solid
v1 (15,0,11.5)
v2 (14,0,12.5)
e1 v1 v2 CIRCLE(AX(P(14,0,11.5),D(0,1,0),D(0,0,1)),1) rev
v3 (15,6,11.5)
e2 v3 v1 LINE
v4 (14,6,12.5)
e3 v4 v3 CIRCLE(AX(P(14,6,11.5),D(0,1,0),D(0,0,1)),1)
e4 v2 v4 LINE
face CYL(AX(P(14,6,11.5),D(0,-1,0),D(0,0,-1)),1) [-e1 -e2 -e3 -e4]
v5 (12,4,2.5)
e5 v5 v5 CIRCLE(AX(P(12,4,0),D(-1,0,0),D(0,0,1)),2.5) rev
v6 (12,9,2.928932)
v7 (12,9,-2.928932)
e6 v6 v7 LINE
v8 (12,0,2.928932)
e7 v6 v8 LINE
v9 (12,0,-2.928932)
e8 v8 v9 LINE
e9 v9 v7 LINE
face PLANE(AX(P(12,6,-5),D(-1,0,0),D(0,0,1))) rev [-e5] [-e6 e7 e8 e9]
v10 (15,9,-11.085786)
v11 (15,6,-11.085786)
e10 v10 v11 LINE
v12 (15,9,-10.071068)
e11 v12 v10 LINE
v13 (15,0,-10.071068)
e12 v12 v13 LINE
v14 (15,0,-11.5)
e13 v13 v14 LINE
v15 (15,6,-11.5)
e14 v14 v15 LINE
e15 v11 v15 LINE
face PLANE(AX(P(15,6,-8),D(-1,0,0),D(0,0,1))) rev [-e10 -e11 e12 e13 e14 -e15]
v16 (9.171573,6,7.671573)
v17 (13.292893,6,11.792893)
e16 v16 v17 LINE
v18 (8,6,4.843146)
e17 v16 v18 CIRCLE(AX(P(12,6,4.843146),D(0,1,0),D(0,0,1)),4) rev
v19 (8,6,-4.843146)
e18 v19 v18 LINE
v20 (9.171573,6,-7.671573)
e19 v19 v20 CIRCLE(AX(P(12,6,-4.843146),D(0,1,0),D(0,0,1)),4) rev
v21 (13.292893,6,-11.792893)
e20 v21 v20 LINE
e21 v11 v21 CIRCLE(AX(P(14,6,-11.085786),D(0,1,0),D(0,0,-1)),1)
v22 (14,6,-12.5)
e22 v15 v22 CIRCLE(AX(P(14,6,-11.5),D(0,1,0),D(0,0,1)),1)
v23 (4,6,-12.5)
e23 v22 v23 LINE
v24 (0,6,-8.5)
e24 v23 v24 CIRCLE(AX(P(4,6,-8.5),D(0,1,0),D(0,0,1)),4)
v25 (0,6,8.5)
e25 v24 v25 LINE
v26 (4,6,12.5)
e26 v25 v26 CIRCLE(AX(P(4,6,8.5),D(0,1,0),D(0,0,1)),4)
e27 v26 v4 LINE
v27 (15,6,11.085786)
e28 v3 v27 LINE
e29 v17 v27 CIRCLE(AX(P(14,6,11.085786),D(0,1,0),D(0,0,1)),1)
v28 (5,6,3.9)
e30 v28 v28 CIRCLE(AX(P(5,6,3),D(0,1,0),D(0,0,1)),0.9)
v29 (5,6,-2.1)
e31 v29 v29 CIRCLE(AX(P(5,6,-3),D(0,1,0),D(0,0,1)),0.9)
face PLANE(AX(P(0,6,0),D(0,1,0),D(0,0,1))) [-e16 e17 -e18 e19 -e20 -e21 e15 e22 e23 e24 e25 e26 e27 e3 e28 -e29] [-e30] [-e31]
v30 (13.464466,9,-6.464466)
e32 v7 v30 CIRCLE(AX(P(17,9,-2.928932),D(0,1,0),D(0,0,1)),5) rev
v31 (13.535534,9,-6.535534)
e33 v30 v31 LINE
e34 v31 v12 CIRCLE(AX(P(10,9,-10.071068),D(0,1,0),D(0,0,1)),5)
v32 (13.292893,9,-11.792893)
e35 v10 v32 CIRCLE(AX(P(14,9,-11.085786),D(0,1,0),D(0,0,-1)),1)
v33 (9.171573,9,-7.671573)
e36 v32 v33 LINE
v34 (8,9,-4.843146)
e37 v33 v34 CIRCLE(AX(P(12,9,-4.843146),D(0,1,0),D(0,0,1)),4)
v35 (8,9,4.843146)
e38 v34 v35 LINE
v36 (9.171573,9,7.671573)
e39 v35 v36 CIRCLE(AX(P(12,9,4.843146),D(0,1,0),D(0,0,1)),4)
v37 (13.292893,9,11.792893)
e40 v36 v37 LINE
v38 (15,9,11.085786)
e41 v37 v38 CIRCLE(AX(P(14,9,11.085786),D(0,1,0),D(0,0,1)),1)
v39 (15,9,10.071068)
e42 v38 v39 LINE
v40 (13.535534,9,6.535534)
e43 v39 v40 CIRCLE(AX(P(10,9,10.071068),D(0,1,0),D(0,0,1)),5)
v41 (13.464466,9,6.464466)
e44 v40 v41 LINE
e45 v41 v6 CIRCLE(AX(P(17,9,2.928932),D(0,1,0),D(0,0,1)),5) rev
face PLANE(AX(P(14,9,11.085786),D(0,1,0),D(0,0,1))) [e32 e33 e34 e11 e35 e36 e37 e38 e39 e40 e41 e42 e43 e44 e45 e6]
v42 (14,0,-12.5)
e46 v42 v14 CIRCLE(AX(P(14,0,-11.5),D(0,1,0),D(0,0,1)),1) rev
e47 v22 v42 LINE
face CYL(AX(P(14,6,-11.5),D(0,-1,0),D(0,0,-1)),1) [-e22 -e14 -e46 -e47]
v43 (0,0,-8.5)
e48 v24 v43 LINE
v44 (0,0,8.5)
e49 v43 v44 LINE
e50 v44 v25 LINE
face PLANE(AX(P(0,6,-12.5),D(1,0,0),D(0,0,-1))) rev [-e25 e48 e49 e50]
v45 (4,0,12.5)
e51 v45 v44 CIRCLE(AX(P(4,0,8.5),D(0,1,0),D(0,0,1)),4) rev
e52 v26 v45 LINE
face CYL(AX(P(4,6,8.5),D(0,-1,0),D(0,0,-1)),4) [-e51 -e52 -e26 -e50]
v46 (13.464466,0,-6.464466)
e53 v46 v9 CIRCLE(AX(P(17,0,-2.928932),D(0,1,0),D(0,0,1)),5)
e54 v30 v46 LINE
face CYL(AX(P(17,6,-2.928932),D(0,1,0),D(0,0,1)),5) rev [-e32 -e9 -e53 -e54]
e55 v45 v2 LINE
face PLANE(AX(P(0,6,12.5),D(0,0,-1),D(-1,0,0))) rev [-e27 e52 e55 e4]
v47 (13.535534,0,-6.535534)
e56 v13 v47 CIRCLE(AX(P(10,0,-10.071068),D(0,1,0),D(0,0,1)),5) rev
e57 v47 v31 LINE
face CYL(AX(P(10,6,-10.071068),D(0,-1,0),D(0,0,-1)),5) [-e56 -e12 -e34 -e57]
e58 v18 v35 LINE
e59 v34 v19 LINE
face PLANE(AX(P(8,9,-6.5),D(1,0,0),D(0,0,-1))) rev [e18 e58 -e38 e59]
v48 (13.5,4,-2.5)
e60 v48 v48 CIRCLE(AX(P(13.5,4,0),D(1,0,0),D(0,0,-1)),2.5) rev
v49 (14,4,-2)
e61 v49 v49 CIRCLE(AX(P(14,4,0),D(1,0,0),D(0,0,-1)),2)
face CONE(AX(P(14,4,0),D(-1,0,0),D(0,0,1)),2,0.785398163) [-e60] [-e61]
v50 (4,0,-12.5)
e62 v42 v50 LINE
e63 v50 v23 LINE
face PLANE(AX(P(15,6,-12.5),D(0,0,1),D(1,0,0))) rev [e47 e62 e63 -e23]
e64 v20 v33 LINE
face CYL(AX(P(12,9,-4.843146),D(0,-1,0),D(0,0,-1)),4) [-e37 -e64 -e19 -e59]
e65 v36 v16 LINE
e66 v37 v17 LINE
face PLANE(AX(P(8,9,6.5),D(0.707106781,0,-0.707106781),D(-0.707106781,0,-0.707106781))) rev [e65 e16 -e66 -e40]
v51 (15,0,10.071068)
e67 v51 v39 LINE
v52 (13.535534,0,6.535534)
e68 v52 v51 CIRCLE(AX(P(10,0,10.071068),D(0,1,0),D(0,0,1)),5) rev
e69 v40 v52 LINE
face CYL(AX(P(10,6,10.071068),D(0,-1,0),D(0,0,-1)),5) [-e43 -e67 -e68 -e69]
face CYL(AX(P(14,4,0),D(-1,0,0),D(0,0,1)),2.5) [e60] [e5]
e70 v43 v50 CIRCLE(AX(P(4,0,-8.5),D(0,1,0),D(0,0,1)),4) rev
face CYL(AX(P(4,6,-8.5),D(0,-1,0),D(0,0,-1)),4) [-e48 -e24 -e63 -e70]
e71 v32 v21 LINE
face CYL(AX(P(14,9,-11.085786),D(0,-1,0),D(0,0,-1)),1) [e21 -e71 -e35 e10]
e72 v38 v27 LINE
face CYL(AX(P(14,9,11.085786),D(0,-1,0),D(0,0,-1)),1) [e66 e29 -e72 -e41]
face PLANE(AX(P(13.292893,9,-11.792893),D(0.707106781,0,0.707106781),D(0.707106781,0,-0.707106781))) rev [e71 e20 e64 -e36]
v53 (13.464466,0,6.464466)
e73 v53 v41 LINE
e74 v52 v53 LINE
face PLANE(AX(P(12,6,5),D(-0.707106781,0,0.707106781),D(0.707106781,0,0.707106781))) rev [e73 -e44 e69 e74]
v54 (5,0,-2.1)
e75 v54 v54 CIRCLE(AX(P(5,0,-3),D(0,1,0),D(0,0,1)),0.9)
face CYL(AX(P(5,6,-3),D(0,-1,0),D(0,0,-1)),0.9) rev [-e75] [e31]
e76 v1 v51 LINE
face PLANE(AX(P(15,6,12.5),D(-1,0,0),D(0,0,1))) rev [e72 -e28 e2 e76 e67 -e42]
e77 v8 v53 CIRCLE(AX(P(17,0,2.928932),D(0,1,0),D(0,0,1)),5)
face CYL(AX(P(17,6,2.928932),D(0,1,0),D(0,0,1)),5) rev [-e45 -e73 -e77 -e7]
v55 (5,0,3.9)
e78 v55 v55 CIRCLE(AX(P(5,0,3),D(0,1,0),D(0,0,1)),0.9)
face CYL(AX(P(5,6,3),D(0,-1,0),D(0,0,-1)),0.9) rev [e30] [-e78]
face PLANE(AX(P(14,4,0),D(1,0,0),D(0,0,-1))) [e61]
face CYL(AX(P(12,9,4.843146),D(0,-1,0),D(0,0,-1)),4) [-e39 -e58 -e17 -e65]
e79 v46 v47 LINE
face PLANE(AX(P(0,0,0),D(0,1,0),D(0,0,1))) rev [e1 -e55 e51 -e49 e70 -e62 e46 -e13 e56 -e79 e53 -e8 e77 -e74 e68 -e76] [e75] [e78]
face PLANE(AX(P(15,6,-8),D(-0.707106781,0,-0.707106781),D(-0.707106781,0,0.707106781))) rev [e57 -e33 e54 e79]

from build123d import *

# Parameters (mm, degrees)
SKETCH_1_R      = 0.9
EXTRUDE_1_DEPTH = 6
EXTRUDE_2_DEPTH = 3
FILLET_2_R      = 4
FILLET_3_R      = 1
SKETCH_3_R      = 2.5
EXTRUDE_3_DEPTH = 2
FILLET_4_R      = 5
CHAMFER_1_SIZE  = 0.5


with BuildPart() as part:
    # 草图1 → 凸台-拉伸1 (new body)
    with BuildSketch(Plane(origin=(0, 0, 0), x_dir=(1, 0, 0), z_dir=(0, 1, 0))):
        Polygon((0, 12.5), (0, -12.5), (15, -12.5), (15, -8), (12, -5), (12, 5), (15, 8), (15, 12.5), align=None)
        with Locations(Location((5, 3, 0), (0, 0, 270))):
            Circle(SKETCH_1_R, mode=Mode.SUBTRACT)
        with Locations(Location((5, -3, 0), (0, 0, 270))):
            Circle(SKETCH_1_R, mode=Mode.SUBTRACT)
    extrude(amount=EXTRUDE_1_DEPTH)

    # 草图2 → 凸台-拉伸2 (add)
    with BuildSketch(Plane(origin=(0, 6, 0), x_dir=(1, 0, 0), z_dir=(0, 1, 0))):
        with BuildLine():
            Line((13.292893219, 11.792893219), (8, 6.5))
            Line((8, 6.5), (8, -6.5))
            Line((8, -6.5), (13.292893219, -11.792893219))
            ThreePointArc((13.292893219, -11.792893219), (14.382683432, -12.00966597), (15, -11.085786438))
            Line((15, -11.085786438), (15, -8))
            Line((15, -8), (12, -5))
            Line((12, -5), (12, 5))
            Line((12, 5), (15, 8))
            Line((15, 8), (15, 11.085786438))
            ThreePointArc((15, 11.085786438), (14.382683432, 12.00966597), (13.292893219, 11.792893219))
        make_face()
    extrude(amount=EXTRUDE_2_DEPTH)

    # 圆角2
    fillet_2_edges = [part.edges().sort_by_distance(p)[0] for p in [
        (0, 3, 12.5),
        (0, 3, -12.5),
        (8, 7.5, -6.5),
        (8, 7.5, 6.5),
    ]]
    fillet(fillet_2_edges, radius=FILLET_2_R)

    # 圆角3
    fillet_3_edges = [part.edges().sort_by_distance(p)[0] for p in [
        (15, 3, -12.5),
        (15, 3, 12.5),
    ]]
    fillet(fillet_3_edges, radius=FILLET_3_R)

    # 草图3 → 凸台-拉伸3 (add)
    with BuildSketch(Plane(origin=(12, 0, 0), x_dir=(0, 0, -1), z_dir=(1, 0, 0))):
        with Locations(Location((0, 4, 0), (0, 0, 180))):
            Circle(SKETCH_3_R)
    extrude(amount=EXTRUDE_3_DEPTH)

    # 圆角4
    fillet_4_edges = [part.edges().sort_by_distance(p)[0] for p in [
        (15, 4.5, -8),
        (12, 4.5, -5),
        (12, 4.5, 5),
        (15, 4.5, 8),
    ]]
    fillet(fillet_4_edges, radius=FILLET_4_R)

    # 倒角1
    chamfer_1_edges = [part.edges().sort_by_distance(p)[0] for p in [
        (14, 4, -2.5),
    ]]
    chamfer(chamfer_1_edges, length=CHAMFER_1_SIZE)


solid = part.part
